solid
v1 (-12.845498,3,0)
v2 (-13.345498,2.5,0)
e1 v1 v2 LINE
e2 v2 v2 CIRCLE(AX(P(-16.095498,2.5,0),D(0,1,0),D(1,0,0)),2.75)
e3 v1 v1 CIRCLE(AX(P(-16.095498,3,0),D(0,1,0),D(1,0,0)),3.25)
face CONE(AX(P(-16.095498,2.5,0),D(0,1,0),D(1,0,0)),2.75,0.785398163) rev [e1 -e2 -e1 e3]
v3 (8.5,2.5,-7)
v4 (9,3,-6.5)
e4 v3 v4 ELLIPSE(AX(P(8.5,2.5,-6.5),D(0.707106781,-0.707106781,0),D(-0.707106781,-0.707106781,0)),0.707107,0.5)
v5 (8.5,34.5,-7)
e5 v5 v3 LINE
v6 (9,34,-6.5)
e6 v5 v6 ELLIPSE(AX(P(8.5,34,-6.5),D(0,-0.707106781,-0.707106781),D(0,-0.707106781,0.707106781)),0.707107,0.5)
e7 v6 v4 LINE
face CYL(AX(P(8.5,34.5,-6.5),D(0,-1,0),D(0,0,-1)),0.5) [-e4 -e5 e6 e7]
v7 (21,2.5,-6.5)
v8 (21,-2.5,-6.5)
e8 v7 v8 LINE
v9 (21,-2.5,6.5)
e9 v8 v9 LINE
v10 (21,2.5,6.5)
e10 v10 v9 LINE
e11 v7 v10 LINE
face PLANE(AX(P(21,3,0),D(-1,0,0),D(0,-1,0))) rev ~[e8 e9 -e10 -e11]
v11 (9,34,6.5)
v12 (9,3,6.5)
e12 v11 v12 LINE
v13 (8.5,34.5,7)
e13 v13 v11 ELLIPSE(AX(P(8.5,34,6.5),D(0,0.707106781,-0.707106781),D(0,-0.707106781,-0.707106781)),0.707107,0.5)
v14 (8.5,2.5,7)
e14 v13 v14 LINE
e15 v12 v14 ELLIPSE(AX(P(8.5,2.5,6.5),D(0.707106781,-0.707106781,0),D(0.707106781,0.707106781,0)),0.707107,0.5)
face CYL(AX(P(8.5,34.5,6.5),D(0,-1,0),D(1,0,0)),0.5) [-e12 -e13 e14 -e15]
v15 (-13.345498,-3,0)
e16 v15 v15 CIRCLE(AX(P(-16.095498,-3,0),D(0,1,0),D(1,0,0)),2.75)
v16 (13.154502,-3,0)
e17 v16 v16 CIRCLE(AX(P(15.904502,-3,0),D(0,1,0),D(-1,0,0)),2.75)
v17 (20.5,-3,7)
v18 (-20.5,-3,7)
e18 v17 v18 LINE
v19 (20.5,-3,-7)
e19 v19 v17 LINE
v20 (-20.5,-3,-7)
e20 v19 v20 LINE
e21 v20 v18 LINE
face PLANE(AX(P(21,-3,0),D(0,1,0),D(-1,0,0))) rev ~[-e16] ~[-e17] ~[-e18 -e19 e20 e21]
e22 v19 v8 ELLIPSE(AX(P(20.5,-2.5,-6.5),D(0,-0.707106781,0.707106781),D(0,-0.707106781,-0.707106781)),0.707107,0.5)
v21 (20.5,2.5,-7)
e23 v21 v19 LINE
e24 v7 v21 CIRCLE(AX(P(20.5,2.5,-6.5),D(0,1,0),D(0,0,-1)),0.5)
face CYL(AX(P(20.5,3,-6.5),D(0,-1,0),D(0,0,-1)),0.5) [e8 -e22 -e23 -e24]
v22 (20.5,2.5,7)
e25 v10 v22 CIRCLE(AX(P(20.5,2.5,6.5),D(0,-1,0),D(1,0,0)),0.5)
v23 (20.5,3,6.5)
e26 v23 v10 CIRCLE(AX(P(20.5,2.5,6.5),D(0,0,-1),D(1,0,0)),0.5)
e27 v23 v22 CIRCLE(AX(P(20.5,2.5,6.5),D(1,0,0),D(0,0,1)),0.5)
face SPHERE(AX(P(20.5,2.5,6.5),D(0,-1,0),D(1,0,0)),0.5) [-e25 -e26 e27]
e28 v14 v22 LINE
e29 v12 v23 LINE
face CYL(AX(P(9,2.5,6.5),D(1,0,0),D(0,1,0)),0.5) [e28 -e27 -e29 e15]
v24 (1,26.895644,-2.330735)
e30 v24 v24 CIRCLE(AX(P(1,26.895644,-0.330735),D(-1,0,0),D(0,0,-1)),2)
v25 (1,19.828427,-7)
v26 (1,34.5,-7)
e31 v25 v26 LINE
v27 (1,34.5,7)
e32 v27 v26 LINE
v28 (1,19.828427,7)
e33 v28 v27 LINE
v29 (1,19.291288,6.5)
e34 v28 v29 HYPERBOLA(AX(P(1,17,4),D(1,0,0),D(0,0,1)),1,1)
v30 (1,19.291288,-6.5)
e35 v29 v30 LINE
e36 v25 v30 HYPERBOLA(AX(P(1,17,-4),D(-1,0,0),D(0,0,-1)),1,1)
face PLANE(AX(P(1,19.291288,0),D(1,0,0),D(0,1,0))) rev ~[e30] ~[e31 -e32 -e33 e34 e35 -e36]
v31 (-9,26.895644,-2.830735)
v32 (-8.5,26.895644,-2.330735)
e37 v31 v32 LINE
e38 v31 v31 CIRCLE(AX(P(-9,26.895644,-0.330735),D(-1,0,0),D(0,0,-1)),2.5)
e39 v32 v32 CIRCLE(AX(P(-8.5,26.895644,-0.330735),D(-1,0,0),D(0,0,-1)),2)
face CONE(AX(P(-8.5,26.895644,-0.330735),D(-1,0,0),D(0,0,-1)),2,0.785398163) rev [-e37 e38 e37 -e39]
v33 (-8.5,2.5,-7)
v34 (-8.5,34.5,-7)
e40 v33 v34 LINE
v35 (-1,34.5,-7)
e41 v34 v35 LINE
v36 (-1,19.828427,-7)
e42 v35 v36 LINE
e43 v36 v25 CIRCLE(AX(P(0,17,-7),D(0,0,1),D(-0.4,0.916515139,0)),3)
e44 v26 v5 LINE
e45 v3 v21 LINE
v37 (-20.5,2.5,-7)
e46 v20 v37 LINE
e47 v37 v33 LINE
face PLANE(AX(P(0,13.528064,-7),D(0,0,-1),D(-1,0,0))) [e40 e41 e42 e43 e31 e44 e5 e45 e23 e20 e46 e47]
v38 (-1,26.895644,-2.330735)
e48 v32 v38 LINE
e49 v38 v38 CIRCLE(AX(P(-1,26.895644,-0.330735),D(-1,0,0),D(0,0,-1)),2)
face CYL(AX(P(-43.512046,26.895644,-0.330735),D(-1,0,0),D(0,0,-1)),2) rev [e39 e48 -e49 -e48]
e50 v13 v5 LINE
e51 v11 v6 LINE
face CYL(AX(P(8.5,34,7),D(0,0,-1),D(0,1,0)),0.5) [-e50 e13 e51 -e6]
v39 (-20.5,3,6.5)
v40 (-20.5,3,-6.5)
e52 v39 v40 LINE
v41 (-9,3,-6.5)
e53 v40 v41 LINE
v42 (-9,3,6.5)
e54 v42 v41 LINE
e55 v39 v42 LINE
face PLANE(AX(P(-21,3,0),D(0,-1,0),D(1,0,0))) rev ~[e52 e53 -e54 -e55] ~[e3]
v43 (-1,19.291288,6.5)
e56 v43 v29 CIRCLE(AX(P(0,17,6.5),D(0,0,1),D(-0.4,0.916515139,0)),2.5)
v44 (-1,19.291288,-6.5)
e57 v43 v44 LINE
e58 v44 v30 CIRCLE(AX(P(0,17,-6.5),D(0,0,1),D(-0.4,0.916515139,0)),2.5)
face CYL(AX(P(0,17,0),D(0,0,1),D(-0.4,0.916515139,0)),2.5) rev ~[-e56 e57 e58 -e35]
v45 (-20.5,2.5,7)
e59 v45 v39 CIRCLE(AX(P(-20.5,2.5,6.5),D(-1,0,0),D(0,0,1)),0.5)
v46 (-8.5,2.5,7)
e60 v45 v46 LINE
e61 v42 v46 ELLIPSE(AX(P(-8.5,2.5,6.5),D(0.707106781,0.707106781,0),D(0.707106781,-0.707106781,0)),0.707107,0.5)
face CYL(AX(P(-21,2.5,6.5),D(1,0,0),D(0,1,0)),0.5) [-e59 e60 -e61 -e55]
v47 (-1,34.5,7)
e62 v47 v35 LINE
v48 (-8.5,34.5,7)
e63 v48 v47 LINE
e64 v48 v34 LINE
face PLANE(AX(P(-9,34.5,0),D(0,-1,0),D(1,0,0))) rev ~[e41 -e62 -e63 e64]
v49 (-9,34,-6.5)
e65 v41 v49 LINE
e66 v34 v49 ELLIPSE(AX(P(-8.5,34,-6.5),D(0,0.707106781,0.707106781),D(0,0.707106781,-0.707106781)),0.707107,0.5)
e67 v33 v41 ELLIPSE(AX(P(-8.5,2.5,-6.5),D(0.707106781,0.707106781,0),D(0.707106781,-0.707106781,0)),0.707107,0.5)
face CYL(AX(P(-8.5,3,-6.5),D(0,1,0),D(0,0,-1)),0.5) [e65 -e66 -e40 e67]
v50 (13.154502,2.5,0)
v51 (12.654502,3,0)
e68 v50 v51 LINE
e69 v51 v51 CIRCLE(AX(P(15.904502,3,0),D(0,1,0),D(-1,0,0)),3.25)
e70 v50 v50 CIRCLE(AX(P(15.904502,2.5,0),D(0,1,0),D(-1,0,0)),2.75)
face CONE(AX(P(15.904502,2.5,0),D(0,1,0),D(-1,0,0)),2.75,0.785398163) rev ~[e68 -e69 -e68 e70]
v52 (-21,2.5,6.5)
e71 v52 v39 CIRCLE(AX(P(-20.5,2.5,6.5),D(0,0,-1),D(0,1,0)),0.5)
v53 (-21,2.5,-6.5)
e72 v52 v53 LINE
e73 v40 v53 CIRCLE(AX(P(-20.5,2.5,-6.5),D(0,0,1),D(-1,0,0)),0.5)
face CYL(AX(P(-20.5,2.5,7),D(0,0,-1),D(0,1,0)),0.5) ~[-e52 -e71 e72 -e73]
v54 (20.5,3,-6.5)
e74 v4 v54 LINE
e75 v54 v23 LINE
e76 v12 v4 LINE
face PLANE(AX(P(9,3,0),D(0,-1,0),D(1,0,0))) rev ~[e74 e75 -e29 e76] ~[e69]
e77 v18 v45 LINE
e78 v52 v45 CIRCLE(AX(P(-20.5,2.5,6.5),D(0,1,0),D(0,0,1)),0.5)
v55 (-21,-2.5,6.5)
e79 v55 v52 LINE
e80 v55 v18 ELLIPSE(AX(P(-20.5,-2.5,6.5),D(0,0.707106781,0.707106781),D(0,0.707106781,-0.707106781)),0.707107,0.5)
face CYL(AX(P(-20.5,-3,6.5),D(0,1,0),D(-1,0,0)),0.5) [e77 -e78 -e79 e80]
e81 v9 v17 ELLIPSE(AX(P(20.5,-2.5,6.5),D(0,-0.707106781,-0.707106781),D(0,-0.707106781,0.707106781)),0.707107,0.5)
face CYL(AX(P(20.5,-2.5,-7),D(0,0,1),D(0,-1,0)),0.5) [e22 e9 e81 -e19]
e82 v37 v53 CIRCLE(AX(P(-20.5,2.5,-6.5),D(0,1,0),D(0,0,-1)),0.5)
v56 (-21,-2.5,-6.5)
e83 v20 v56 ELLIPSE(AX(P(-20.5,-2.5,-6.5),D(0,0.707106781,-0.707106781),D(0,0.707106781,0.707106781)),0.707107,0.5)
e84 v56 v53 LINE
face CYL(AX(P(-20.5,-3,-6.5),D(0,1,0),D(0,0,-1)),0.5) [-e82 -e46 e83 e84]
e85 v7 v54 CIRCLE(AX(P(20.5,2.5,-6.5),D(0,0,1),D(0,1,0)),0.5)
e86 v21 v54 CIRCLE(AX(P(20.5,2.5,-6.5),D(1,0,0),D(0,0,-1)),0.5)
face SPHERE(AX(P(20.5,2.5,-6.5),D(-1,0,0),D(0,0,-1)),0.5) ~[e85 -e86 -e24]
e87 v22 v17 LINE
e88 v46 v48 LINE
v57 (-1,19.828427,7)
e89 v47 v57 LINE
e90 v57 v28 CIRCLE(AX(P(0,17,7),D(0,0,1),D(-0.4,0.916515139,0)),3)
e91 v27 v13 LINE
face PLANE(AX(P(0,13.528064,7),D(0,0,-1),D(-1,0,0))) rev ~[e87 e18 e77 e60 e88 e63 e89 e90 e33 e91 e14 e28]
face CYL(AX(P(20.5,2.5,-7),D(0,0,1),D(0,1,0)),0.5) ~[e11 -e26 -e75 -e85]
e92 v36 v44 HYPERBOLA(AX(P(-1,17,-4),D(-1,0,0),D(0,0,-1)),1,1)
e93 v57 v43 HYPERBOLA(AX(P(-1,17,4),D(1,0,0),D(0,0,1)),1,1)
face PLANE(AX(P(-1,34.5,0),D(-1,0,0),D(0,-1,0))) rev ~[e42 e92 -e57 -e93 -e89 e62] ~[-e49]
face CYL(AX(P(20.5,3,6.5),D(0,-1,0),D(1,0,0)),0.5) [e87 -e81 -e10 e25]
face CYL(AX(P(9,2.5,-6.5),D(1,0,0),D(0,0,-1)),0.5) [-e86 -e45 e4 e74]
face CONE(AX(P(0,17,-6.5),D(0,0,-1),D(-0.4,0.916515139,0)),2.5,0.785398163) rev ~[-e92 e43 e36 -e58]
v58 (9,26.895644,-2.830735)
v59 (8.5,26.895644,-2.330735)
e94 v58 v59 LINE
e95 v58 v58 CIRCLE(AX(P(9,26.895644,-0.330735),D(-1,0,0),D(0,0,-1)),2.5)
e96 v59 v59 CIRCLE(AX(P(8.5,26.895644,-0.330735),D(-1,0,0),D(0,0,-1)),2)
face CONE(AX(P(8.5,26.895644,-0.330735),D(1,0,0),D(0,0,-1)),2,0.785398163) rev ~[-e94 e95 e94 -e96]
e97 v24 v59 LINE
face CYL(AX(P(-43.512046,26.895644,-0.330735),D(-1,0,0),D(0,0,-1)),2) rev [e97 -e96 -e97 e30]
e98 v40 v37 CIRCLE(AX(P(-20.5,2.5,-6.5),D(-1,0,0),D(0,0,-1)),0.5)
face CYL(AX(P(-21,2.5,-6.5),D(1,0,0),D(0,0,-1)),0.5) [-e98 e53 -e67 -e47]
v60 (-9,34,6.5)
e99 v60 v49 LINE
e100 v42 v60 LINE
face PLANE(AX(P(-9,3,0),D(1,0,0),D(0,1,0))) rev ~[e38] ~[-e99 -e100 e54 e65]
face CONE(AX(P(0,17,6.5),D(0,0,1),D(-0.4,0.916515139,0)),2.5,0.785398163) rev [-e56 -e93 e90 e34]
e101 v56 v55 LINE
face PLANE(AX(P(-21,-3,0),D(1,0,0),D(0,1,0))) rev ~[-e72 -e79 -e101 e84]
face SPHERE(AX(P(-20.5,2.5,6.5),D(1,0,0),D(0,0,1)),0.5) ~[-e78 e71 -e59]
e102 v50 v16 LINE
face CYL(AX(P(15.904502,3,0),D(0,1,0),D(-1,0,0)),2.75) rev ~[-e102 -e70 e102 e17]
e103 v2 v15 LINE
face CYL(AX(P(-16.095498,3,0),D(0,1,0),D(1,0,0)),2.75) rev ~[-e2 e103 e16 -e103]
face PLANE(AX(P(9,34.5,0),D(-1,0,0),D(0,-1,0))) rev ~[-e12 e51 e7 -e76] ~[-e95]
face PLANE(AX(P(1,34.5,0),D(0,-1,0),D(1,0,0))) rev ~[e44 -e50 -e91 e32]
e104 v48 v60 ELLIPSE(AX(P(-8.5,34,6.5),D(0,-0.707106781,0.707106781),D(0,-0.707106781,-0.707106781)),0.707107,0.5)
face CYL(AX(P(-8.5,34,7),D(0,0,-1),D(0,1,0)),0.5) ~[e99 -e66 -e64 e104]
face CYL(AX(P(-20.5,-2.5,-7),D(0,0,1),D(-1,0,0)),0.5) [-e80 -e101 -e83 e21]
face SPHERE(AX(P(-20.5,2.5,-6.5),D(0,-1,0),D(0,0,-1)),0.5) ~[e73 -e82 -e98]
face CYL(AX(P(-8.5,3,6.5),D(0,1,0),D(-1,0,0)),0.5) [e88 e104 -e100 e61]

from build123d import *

# Parameters (mm, degrees)
BOSS_EXTRUDE1_DEPTH     = 7
SKETCH2_R               = 2.75
CUT_EXTRUDE1_DEPTH      = 39.5
CUT_EXTRUDE2_DEPTH      = 42.512046444
CUT_EXTRUDE2_DEPTH_BACK = 42.512046444
SKETCH5_R               = 2
CHAMFER2_SIZE           = 0.5
FILLET2_R               = 0.5


with BuildPart() as part:
    # Sketch1 → Boss-Extrude1 (new, symmetric)
    with BuildSketch(Plane.XY):
        with BuildLine():
            Line((-21, -3), (-21, 3))
            Line((-21, 3), (-9, 3))
            Line((-9, 3), (-9, 34.5))
            Line((-9, 34.5), (-1, 34.5))
            Line((-1, 34.5), (-1, 19.291287847))
            ThreePointArc((-1, 19.291287847), (0, 14.5), (1, 19.291287847))
            Line((1, 19.291287847), (1, 34.5))
            Line((1, 34.5), (9, 34.5))
            Line((9, 34.5), (9, 3))
            Line((9, 3), (21, 3))
            Line((21, 3), (21, -3))
            Line((21, -3), (-21, -3))
        make_face()
    extrude(amount=BOSS_EXTRUDE1_DEPTH, both=True)

    # Sketch2 → Cut-Extrude1 (cut, through all)
    with BuildSketch(Plane(origin=(0, 3, 0), x_dir=(1, 0, 0), z_dir=(0, 1, 0))):
        with Locations(Location((15.904501915, 0, 0), (0, 0, 180))):
            Circle(SKETCH2_R)
        with Locations((-16.095498085, 0)):
            Circle(SKETCH2_R)
    extrude(amount=-CUT_EXTRUDE1_DEPTH, mode=Mode.SUBTRACT)

    # Sketch5 → Cut-Extrude2 (cut, two sides: drawn at the far end of the back side and taken through both)
    with BuildSketch(Plane(origin=(-1, 0, 0), x_dir=(0, 0, -1), z_dir=(1, 0, 0)).offset(-CUT_EXTRUDE2_DEPTH_BACK)):
        with Locations((0.330734984, 26.895643924)):
            Circle(SKETCH5_R)
    extrude(amount=CUT_EXTRUDE2_DEPTH + CUT_EXTRUDE2_DEPTH_BACK, mode=Mode.SUBTRACT)

    # Chamfer2
    chamfer2_edges = [part.edges().sort_by_distance(p)[0] for p in [
        (0, 14.5, -7),
        (0, 14.5, 7),
        (18.654501915, 3, 0),
        (-18.845498085, 3, 0),
        (-9, 26.895643924, 1.669265016),
        (9, 26.895643924, 1.669265016),
    ]]
    chamfer(chamfer2_edges, length=CHAMFER2_SIZE)

    # Fillet2
    fillet2_edges = [part.edges().sort_by_distance(p)[0] for p in [
        (-15, 3, 7),
        (9, 18.75, -7),
        (15, 3, -7),
        (-21, 0, 7),
        (21, 0, -7),
        (-21, 0, -7),
        (-15, 3, -7),
        (-9, 18.75, -7),
        (21, 0, 7),
        (9, 34.5, 0),
        (21, 3, 0),
        (21, -3, 0),
        (-21, -3, 0),
        (-21, 3, 0),
        (-9, 34.5, 0),
        (15, 3, 7),
        (9, 18.75, 7),
        (-9, 18.75, 7),
    ]]
    fillet(fillet2_edges, radius=FILLET2_R)


solid = part.part
